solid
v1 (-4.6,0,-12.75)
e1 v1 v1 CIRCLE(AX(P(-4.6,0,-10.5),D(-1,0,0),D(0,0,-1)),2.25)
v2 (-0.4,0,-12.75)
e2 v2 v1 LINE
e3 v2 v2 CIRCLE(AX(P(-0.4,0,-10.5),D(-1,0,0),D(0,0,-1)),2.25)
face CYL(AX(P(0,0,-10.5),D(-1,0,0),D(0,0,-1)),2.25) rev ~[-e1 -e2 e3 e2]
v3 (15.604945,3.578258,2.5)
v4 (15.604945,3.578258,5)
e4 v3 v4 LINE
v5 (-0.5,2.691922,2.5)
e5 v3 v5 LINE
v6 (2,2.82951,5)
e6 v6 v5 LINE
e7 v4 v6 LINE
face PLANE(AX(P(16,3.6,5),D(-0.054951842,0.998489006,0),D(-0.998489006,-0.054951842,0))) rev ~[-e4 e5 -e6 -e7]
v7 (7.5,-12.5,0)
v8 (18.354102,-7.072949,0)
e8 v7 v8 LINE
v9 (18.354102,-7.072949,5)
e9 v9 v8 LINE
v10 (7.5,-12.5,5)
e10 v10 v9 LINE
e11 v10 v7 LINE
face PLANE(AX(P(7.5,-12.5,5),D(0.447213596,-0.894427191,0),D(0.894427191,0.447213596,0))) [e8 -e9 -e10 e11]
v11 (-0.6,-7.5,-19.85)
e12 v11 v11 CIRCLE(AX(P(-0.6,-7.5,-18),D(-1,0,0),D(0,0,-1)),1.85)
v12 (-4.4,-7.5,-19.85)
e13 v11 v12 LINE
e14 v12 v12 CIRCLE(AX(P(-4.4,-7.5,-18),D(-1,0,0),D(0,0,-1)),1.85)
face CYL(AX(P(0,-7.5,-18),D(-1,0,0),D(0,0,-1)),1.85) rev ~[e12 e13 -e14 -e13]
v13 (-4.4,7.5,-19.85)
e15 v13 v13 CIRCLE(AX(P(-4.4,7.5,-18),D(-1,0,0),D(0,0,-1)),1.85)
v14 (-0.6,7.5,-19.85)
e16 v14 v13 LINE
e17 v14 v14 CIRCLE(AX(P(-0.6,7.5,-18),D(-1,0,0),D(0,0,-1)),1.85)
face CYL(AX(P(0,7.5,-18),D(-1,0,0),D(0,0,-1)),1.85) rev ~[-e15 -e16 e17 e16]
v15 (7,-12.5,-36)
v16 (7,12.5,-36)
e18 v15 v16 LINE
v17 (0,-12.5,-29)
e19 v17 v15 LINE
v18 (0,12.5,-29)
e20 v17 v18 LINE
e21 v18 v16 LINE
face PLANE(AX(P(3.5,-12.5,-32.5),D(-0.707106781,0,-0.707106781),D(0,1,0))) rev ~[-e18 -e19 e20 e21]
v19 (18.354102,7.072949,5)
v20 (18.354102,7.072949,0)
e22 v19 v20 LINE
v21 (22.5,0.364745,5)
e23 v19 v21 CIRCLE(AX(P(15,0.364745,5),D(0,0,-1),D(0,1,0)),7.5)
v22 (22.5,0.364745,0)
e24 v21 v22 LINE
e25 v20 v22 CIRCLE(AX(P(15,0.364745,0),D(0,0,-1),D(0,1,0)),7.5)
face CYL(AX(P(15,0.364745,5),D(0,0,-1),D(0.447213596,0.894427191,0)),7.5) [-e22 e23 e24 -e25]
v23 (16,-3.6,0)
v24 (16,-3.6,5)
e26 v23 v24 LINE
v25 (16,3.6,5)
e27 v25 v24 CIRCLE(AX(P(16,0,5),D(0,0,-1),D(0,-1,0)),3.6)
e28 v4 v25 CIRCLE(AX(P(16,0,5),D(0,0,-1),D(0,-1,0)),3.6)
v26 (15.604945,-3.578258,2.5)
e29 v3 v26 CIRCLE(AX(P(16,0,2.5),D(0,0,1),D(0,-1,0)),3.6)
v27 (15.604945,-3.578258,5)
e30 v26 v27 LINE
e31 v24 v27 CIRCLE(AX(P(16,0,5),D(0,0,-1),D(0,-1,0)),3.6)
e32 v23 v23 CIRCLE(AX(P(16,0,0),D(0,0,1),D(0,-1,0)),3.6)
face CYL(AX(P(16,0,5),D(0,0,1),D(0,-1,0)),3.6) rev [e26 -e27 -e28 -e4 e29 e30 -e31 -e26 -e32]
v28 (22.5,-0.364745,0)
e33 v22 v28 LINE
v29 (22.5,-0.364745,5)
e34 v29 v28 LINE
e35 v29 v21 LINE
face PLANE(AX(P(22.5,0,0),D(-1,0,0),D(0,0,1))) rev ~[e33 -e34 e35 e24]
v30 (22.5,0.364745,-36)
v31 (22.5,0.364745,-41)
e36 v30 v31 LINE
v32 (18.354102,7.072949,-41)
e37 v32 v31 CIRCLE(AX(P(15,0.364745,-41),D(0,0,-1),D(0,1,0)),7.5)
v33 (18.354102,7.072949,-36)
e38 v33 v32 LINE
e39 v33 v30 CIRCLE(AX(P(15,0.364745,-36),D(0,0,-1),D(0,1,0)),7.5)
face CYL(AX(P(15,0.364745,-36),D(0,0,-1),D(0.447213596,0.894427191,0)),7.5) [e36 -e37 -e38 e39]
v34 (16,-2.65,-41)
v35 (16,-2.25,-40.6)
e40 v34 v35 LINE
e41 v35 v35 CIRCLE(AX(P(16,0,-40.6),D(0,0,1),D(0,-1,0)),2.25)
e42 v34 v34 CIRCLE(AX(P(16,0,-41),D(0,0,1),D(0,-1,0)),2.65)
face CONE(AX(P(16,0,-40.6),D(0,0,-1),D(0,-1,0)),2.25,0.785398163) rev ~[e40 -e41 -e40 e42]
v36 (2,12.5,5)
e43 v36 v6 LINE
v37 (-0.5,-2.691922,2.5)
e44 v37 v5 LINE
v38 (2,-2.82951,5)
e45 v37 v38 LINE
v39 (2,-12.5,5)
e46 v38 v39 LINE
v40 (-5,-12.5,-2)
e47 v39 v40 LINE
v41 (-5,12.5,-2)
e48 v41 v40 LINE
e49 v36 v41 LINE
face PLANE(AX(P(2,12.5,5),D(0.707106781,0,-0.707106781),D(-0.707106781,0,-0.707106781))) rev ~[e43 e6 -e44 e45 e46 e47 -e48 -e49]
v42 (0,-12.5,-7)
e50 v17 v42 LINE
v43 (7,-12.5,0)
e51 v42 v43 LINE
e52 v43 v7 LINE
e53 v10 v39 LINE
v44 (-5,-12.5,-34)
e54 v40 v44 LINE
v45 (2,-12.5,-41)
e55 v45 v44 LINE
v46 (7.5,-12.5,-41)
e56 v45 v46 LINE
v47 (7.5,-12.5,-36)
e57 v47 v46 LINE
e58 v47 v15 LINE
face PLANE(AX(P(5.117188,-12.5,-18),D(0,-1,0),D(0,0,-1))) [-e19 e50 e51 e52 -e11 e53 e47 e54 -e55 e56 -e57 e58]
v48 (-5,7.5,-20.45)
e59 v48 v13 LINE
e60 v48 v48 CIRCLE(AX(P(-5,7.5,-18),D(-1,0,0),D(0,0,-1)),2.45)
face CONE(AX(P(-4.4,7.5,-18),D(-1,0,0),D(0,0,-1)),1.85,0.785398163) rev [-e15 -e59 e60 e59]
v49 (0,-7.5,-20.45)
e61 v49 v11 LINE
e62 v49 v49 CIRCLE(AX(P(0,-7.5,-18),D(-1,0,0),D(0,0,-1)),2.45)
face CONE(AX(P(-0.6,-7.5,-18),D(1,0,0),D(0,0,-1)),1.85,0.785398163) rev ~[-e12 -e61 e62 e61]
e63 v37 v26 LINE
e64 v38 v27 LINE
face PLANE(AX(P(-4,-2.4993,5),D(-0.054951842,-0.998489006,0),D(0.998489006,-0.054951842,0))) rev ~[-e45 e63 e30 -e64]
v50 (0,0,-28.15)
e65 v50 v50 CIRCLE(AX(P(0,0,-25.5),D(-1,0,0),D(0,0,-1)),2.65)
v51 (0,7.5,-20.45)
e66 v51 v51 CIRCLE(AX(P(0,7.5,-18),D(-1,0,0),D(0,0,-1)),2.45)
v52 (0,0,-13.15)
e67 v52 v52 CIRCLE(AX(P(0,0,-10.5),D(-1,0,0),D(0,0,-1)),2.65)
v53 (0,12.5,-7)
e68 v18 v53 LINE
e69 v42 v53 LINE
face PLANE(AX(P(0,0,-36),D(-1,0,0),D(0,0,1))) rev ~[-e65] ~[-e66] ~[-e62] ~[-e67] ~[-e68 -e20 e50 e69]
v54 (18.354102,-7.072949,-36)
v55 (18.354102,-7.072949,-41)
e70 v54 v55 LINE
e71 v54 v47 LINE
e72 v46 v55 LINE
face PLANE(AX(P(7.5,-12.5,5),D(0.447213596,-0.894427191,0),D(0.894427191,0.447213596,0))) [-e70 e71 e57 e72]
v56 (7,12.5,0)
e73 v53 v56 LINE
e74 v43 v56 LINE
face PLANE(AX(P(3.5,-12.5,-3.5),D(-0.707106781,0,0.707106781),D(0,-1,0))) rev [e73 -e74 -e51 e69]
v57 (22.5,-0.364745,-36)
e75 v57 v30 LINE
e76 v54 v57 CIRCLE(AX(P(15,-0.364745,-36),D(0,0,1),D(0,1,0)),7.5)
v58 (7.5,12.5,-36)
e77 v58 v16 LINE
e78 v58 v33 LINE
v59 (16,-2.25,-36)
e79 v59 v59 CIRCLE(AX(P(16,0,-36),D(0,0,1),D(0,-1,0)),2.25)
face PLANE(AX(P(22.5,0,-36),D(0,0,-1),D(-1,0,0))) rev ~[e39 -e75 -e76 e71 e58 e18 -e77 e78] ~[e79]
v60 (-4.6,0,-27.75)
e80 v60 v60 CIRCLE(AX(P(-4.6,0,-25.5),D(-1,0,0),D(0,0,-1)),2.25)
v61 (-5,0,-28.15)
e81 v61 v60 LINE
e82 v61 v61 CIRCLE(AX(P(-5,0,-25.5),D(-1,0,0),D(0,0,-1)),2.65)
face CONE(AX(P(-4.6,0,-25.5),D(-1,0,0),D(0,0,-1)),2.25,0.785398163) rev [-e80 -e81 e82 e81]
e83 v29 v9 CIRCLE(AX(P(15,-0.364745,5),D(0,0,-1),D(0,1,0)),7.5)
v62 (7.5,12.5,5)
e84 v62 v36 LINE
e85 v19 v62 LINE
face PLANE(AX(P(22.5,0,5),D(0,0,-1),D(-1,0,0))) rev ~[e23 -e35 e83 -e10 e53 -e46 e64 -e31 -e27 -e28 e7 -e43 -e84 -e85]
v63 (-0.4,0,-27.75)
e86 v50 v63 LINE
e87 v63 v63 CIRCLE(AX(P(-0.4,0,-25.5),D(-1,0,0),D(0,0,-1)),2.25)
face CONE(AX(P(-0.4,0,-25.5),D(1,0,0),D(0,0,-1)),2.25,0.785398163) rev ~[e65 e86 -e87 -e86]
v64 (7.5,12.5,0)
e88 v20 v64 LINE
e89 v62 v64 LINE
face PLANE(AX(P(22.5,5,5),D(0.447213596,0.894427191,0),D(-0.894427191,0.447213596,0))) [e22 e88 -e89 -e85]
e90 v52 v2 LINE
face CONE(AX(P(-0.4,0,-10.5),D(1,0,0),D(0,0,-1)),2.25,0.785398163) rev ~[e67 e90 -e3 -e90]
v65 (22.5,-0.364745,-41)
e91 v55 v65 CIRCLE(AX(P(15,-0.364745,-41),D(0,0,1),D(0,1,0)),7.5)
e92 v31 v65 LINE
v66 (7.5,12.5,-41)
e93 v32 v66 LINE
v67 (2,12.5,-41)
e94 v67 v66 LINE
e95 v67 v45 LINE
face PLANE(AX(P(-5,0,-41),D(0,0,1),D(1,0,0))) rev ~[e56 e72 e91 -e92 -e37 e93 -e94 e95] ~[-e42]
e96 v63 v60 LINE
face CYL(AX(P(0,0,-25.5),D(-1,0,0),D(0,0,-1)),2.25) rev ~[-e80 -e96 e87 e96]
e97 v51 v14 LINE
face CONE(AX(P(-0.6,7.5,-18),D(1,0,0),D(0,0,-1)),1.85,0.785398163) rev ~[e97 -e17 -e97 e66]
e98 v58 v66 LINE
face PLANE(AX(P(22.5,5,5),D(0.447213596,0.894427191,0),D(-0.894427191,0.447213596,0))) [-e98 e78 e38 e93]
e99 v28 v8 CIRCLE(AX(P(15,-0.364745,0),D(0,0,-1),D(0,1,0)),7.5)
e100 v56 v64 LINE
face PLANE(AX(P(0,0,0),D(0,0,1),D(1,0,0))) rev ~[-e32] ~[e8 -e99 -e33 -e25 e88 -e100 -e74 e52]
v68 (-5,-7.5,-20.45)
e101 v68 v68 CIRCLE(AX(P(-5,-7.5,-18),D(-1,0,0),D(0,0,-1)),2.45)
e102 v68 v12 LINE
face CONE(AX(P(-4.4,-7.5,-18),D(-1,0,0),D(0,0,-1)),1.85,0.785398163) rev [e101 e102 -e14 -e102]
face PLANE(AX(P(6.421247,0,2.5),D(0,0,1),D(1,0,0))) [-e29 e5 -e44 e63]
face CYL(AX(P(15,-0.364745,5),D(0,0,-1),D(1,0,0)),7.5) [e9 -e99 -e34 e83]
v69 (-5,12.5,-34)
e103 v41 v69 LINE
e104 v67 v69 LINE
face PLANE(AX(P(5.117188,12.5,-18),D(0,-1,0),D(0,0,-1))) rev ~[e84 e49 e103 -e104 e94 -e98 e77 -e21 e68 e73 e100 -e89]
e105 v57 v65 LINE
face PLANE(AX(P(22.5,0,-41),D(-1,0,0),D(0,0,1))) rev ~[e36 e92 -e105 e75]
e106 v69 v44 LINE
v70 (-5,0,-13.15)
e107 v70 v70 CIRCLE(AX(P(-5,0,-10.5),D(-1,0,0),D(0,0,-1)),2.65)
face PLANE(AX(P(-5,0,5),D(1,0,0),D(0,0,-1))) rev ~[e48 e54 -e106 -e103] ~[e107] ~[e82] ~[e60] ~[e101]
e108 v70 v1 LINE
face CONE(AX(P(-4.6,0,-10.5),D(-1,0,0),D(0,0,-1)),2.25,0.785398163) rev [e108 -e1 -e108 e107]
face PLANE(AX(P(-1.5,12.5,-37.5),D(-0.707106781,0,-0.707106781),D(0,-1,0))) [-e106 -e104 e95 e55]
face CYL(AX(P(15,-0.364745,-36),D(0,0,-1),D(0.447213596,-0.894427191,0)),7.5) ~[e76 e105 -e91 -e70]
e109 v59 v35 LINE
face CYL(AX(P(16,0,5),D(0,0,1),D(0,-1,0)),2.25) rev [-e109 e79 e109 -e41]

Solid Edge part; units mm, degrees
sketch "Sketch1" plane through (0, 0, 0) normal (0, -1, 0) x (1, 0, 0)
  line L0 (0, 0) -> (22.5, 0)
  line L1 (22.5, 0) -> (22.5, 5)
  line L2 (22.5, 5) -> (-5, 5)
  line L3 (-5, 5) -> (-5, -41)
  line L4 (-5, -41) -> (22.5, -41)
  line L5 (22.5, -41) -> (22.5, -36)
  line L6 (22.5, -36) -> (0, -36)
  line L7 (0, -36) -> (0, 0)
  dimension "D1" = 27.5
  dimension "D2" = 22.5
  dimension "D3" = 5
  dimension "D4" = 5
  dimension "D5" = 36
extrude "Protrusion1" add sketch "Sketch1" along normal mid plane 25
sketch "Sketch2" plane through (7.5, 0, 5) normal (0, 0, 1) x (0, 1, 0)
  line L0 (-12.5, 0) -> (-5, -15)
  line L1 (-5, -15) -> (5, -15)
  line L2 (5, -15) -> (12.5, 0)
  line L3 (12.5, 0) -> (12.5, -17.5)
  line L4 (12.5, -17.5) -> (-12.5, -17.5)
  line L5 (-12.5, -17.5) -> (-12.5, 0)
  dimension "D1" = 15
  dimension "D2" = 10
  dimension "D3" = 2.5
extrude "Cutout1" cut sketch "Sketch2" against normal through all
fillet "coned_rounding" radius 7.5 4 edges at (22.5, -5, 2.5) (22.5, 5, 2.5) (22.5, -5, -38.5) (22.5, 5, -38.5)
hole "Hole_2" at (16, 0, 5) direction (0, 0, -1) diameter 4.5 end through all start chamfer 0.4 start chamfer angle 45 end chamfer 0.4 end chamfer angle 45
hole "Hole_3" at (16, 0, 5) direction (0, 0, -1) diameter 7.2 end up to next
sketch "Sketch3" plane through (7.5, 0, 5) normal (0, 0, 1) x (0, 1, 0)
  line L0 (-3.6, -8.5) -> (3.6, -8.5)
  line L1 (3.6, -8.5) -> (2.4993, 11.5)
  line L2 (2.4993, 11.5) -> (-2.4993, 11.5)
  line L3 (-2.4993, 11.5) -> (-3.6, -8.5)
  dimension "D1" = 20
extrude "ExtrudedCutout_2" cut sketch "Sketch3" against normal blind 2.5
hole "Hole1" at (0, 0, -25.5) direction (-1, 0, 0) diameter 4.5 depth 30 tip angle 118 start chamfer 0.4 start chamfer angle 45 end chamfer 0.4 end chamfer angle 45
hole "Hole2" at (0, 0, -10.5) direction (-1, 0, 0) diameter 4.5 depth 30 tip angle 118 start chamfer 0.4 start chamfer angle 45 end chamfer 0.4 end chamfer angle 45
hole "Hole_8" at (0, -7.5, -18) direction (-1, 0, 0) diameter 3.7 depth 30 tip angle 118 start chamfer 0.6 start chamfer angle 45 end chamfer 0.6 end chamfer angle 45
hole "Hole3" at (0, 7.5, -18) direction (-1, 0, 0) diameter 3.7 depth 30 tip angle 118 start chamfer 0.6 start chamfer angle 45 end chamfer 0.6 end chamfer angle 45
chamfer "Chamfer_1" distance 7 angle 45 4 edges at (0, 0, -36) (-5, 0, -41) (0, 0, 0) (-5, 0, 5)
properties material "Polypropylene, general purpose"
